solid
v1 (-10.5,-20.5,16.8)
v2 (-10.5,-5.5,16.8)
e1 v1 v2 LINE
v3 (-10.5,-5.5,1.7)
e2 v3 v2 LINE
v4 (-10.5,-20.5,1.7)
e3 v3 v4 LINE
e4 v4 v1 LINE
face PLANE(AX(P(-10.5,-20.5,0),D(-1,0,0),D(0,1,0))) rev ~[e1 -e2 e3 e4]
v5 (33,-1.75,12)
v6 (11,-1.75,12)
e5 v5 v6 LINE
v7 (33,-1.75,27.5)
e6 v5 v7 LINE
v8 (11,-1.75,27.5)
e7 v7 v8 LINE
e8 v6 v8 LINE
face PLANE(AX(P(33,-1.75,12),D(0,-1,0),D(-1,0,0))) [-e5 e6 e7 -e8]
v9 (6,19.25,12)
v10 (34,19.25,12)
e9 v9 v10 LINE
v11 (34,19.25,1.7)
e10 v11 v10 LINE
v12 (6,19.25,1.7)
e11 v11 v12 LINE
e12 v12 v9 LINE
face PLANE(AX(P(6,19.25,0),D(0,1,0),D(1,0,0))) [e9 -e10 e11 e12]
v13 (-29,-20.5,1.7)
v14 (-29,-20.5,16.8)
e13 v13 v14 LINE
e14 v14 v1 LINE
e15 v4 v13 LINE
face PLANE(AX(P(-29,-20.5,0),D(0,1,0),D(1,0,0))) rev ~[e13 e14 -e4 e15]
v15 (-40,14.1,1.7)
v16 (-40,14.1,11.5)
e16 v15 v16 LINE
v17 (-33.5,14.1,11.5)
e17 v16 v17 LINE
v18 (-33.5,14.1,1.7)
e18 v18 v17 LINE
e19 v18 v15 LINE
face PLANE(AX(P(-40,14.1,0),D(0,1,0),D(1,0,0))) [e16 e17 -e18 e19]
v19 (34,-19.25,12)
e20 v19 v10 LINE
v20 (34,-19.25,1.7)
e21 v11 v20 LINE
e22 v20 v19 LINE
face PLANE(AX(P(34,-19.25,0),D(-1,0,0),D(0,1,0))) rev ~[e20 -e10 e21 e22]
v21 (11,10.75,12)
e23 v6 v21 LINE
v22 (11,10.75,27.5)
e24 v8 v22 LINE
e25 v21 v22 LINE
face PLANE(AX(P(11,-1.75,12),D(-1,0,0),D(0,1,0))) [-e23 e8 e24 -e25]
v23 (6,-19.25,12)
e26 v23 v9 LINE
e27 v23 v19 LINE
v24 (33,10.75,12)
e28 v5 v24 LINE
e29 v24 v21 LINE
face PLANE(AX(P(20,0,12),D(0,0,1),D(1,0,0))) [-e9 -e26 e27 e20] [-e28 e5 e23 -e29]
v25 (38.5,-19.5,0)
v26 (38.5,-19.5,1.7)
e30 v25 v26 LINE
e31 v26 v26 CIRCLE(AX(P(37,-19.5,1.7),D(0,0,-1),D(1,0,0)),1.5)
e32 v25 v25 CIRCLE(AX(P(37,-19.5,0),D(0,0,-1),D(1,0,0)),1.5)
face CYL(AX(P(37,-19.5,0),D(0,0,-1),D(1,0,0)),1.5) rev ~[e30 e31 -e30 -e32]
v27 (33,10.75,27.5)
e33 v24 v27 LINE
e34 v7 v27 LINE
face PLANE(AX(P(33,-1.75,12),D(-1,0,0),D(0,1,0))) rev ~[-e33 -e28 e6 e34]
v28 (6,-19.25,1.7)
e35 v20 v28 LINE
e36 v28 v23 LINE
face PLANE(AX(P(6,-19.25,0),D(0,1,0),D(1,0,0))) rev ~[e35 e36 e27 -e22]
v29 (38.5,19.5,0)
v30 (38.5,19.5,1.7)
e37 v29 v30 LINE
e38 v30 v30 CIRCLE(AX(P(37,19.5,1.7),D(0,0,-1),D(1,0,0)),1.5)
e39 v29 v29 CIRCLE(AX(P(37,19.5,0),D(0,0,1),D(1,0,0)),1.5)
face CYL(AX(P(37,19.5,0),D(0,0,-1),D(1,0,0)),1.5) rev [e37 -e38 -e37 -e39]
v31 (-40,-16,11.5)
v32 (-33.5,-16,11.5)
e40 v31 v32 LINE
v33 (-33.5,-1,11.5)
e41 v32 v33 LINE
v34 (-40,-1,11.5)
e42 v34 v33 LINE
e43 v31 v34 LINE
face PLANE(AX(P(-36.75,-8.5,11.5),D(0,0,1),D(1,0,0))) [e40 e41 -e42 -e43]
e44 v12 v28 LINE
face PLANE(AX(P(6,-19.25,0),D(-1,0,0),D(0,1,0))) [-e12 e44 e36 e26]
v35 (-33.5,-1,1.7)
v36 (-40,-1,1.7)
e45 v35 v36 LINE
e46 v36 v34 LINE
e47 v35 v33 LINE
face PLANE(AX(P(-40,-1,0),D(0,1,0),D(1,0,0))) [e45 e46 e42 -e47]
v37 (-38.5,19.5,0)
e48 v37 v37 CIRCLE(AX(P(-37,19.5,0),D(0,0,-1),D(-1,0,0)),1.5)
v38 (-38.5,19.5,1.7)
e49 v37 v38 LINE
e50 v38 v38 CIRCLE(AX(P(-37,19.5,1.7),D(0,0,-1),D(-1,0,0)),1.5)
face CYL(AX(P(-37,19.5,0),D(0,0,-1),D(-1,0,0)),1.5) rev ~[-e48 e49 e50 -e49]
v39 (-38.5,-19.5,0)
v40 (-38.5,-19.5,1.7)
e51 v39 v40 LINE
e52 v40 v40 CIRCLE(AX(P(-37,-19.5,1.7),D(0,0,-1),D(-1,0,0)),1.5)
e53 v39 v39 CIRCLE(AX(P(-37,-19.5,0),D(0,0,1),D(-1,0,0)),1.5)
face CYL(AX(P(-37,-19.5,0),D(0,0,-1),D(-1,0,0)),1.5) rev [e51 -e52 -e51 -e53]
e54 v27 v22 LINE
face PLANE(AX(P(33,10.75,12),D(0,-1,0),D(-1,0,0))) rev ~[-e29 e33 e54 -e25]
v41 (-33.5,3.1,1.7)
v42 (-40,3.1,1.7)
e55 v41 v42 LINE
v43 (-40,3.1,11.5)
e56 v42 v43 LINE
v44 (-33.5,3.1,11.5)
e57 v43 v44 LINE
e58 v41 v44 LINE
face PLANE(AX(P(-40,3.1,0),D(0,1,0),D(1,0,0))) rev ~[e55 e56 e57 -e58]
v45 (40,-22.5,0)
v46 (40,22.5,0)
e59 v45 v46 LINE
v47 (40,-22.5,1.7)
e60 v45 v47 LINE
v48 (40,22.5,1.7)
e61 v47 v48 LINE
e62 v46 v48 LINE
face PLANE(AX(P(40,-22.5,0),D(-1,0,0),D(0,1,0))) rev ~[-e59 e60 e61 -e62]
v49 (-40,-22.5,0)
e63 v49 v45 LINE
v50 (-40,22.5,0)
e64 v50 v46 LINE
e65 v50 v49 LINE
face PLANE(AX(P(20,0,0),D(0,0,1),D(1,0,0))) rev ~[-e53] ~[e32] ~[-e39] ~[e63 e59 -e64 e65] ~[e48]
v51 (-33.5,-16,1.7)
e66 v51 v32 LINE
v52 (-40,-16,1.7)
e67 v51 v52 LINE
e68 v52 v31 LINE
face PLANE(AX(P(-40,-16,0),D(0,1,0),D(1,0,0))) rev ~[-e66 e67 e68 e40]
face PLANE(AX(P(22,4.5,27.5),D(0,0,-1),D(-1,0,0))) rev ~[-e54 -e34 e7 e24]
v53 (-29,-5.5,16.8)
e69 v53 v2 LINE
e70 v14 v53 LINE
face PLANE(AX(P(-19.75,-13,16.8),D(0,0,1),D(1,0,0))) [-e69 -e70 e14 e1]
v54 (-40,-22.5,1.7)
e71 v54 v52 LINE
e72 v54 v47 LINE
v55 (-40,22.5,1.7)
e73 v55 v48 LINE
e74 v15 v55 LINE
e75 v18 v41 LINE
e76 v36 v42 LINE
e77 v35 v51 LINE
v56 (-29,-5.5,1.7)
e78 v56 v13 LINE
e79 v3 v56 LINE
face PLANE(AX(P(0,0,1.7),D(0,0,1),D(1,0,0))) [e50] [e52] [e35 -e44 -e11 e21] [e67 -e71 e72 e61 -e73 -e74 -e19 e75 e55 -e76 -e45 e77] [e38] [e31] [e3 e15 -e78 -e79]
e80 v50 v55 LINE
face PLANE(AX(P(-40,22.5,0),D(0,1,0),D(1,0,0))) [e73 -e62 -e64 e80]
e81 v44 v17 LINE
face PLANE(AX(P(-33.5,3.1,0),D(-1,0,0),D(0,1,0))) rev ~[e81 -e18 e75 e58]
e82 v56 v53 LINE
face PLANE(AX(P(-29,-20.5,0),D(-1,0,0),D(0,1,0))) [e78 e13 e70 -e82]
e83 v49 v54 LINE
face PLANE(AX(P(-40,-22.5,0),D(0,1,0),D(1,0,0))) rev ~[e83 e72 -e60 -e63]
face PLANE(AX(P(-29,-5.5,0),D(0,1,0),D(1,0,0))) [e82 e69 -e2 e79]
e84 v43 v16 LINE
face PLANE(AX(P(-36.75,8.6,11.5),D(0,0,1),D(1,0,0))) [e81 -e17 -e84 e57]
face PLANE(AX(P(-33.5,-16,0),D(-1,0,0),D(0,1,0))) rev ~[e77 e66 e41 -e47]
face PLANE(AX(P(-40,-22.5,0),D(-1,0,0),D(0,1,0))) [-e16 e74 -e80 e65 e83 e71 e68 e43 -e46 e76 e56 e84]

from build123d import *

# Parameters (mm, degrees)
SKETCH_W                  = 80
SKETCH_H                  = 45
PAD_DEPTH                 = 1.7
SKETCH001_W               = 6.5
SKETCH001_H               = 11
PAD001_DEPTH              = 11.5
SKETCH002_W               = 6.5
SKETCH002_H               = 15
PAD002_DEPTH              = 11.5
SKETCH003_W               = 18.5
SKETCH003_H               = 15
PAD003_DEPTH              = 16.8
CYLINDER_R                = 1.5
CYLINDER_DEPTH            = 10
CYLINDER_MIRRORED_2_R     = 1.5
CYLINDER_MIRRORED_2_DEPTH = 10
SKETCH034_W               = 28
SKETCH034_H               = 38.5
PAD017_DEPTH              = 12
SKETCH035_W               = 22
SKETCH035_H               = 12.5
PAD018_DEPTH              = 15.5


with BuildPart() as part:
    # Sketch → Pad (new body)
    with BuildSketch(Plane.XY):
        Rectangle(SKETCH_W, SKETCH_H)
    extrude(amount=PAD_DEPTH)

    # Sketch001 → Pad001 (join)
    with BuildSketch(Plane.XY):
        with Locations((-36.75, 8.6)):
            Rectangle(SKETCH001_W, SKETCH001_H)
    extrude(amount=PAD001_DEPTH)

    # Sketch002 → Pad002 (join)
    with BuildSketch(Plane.XY):
        with Locations((-36.75, -8.5)):
            Rectangle(SKETCH002_W, SKETCH002_H)
    extrude(amount=PAD002_DEPTH)

    # Sketch003 → Pad003 (join)
    with BuildSketch(Plane.XY):
        with Locations((-19.75, -13)):
            Rectangle(SKETCH003_W, SKETCH003_H)
    extrude(amount=PAD003_DEPTH)

    # Cylinder → Cylinder (cut)
    with BuildSketch(Plane(origin=(37, 19.5, 0), x_dir=(1, 0, 0), z_dir=(0, 0, 1))):
        Circle(CYLINDER_R)
    cylinder = extrude(amount=CYLINDER_DEPTH, mode=Mode.SUBTRACT)

    # Cylinder Mirrored 2 → Cylinder Mirrored 2 (cut)
    with BuildSketch(Plane(origin=(-37, 19.5, 0), x_dir=(-1, 0, 0), z_dir=(0, 0, -1))):
        Circle(CYLINDER_MIRRORED_2_R)
    cylinder_mirrored_2 = extrude(amount=-CYLINDER_MIRRORED_2_DEPTH, mode=Mode.SUBTRACT)

    # Mirrored001: Cylinder, Cylinder Mirrored 2 across XZ
    add(cylinder.mirror(Plane.XZ), mode=Mode.SUBTRACT)
    add(cylinder_mirrored_2.mirror(Plane.XZ), mode=Mode.SUBTRACT)

    # Sketch034 → Pad017 (join)
    with BuildSketch(Plane.XY):
        with Locations((20, 0)):
            Rectangle(SKETCH034_W, SKETCH034_H)
    extrude(amount=PAD017_DEPTH)

    # Sketch035 (on Local_CS) → Pad018 (join)
    with BuildSketch(Plane(origin=(22, 4.5, 12), x_dir=(-1, 0, 0), z_dir=(0, 0, -1))):
        Rectangle(SKETCH035_W, SKETCH035_H)
    extrude(amount=-PAD018_DEPTH)


solid = part.part
